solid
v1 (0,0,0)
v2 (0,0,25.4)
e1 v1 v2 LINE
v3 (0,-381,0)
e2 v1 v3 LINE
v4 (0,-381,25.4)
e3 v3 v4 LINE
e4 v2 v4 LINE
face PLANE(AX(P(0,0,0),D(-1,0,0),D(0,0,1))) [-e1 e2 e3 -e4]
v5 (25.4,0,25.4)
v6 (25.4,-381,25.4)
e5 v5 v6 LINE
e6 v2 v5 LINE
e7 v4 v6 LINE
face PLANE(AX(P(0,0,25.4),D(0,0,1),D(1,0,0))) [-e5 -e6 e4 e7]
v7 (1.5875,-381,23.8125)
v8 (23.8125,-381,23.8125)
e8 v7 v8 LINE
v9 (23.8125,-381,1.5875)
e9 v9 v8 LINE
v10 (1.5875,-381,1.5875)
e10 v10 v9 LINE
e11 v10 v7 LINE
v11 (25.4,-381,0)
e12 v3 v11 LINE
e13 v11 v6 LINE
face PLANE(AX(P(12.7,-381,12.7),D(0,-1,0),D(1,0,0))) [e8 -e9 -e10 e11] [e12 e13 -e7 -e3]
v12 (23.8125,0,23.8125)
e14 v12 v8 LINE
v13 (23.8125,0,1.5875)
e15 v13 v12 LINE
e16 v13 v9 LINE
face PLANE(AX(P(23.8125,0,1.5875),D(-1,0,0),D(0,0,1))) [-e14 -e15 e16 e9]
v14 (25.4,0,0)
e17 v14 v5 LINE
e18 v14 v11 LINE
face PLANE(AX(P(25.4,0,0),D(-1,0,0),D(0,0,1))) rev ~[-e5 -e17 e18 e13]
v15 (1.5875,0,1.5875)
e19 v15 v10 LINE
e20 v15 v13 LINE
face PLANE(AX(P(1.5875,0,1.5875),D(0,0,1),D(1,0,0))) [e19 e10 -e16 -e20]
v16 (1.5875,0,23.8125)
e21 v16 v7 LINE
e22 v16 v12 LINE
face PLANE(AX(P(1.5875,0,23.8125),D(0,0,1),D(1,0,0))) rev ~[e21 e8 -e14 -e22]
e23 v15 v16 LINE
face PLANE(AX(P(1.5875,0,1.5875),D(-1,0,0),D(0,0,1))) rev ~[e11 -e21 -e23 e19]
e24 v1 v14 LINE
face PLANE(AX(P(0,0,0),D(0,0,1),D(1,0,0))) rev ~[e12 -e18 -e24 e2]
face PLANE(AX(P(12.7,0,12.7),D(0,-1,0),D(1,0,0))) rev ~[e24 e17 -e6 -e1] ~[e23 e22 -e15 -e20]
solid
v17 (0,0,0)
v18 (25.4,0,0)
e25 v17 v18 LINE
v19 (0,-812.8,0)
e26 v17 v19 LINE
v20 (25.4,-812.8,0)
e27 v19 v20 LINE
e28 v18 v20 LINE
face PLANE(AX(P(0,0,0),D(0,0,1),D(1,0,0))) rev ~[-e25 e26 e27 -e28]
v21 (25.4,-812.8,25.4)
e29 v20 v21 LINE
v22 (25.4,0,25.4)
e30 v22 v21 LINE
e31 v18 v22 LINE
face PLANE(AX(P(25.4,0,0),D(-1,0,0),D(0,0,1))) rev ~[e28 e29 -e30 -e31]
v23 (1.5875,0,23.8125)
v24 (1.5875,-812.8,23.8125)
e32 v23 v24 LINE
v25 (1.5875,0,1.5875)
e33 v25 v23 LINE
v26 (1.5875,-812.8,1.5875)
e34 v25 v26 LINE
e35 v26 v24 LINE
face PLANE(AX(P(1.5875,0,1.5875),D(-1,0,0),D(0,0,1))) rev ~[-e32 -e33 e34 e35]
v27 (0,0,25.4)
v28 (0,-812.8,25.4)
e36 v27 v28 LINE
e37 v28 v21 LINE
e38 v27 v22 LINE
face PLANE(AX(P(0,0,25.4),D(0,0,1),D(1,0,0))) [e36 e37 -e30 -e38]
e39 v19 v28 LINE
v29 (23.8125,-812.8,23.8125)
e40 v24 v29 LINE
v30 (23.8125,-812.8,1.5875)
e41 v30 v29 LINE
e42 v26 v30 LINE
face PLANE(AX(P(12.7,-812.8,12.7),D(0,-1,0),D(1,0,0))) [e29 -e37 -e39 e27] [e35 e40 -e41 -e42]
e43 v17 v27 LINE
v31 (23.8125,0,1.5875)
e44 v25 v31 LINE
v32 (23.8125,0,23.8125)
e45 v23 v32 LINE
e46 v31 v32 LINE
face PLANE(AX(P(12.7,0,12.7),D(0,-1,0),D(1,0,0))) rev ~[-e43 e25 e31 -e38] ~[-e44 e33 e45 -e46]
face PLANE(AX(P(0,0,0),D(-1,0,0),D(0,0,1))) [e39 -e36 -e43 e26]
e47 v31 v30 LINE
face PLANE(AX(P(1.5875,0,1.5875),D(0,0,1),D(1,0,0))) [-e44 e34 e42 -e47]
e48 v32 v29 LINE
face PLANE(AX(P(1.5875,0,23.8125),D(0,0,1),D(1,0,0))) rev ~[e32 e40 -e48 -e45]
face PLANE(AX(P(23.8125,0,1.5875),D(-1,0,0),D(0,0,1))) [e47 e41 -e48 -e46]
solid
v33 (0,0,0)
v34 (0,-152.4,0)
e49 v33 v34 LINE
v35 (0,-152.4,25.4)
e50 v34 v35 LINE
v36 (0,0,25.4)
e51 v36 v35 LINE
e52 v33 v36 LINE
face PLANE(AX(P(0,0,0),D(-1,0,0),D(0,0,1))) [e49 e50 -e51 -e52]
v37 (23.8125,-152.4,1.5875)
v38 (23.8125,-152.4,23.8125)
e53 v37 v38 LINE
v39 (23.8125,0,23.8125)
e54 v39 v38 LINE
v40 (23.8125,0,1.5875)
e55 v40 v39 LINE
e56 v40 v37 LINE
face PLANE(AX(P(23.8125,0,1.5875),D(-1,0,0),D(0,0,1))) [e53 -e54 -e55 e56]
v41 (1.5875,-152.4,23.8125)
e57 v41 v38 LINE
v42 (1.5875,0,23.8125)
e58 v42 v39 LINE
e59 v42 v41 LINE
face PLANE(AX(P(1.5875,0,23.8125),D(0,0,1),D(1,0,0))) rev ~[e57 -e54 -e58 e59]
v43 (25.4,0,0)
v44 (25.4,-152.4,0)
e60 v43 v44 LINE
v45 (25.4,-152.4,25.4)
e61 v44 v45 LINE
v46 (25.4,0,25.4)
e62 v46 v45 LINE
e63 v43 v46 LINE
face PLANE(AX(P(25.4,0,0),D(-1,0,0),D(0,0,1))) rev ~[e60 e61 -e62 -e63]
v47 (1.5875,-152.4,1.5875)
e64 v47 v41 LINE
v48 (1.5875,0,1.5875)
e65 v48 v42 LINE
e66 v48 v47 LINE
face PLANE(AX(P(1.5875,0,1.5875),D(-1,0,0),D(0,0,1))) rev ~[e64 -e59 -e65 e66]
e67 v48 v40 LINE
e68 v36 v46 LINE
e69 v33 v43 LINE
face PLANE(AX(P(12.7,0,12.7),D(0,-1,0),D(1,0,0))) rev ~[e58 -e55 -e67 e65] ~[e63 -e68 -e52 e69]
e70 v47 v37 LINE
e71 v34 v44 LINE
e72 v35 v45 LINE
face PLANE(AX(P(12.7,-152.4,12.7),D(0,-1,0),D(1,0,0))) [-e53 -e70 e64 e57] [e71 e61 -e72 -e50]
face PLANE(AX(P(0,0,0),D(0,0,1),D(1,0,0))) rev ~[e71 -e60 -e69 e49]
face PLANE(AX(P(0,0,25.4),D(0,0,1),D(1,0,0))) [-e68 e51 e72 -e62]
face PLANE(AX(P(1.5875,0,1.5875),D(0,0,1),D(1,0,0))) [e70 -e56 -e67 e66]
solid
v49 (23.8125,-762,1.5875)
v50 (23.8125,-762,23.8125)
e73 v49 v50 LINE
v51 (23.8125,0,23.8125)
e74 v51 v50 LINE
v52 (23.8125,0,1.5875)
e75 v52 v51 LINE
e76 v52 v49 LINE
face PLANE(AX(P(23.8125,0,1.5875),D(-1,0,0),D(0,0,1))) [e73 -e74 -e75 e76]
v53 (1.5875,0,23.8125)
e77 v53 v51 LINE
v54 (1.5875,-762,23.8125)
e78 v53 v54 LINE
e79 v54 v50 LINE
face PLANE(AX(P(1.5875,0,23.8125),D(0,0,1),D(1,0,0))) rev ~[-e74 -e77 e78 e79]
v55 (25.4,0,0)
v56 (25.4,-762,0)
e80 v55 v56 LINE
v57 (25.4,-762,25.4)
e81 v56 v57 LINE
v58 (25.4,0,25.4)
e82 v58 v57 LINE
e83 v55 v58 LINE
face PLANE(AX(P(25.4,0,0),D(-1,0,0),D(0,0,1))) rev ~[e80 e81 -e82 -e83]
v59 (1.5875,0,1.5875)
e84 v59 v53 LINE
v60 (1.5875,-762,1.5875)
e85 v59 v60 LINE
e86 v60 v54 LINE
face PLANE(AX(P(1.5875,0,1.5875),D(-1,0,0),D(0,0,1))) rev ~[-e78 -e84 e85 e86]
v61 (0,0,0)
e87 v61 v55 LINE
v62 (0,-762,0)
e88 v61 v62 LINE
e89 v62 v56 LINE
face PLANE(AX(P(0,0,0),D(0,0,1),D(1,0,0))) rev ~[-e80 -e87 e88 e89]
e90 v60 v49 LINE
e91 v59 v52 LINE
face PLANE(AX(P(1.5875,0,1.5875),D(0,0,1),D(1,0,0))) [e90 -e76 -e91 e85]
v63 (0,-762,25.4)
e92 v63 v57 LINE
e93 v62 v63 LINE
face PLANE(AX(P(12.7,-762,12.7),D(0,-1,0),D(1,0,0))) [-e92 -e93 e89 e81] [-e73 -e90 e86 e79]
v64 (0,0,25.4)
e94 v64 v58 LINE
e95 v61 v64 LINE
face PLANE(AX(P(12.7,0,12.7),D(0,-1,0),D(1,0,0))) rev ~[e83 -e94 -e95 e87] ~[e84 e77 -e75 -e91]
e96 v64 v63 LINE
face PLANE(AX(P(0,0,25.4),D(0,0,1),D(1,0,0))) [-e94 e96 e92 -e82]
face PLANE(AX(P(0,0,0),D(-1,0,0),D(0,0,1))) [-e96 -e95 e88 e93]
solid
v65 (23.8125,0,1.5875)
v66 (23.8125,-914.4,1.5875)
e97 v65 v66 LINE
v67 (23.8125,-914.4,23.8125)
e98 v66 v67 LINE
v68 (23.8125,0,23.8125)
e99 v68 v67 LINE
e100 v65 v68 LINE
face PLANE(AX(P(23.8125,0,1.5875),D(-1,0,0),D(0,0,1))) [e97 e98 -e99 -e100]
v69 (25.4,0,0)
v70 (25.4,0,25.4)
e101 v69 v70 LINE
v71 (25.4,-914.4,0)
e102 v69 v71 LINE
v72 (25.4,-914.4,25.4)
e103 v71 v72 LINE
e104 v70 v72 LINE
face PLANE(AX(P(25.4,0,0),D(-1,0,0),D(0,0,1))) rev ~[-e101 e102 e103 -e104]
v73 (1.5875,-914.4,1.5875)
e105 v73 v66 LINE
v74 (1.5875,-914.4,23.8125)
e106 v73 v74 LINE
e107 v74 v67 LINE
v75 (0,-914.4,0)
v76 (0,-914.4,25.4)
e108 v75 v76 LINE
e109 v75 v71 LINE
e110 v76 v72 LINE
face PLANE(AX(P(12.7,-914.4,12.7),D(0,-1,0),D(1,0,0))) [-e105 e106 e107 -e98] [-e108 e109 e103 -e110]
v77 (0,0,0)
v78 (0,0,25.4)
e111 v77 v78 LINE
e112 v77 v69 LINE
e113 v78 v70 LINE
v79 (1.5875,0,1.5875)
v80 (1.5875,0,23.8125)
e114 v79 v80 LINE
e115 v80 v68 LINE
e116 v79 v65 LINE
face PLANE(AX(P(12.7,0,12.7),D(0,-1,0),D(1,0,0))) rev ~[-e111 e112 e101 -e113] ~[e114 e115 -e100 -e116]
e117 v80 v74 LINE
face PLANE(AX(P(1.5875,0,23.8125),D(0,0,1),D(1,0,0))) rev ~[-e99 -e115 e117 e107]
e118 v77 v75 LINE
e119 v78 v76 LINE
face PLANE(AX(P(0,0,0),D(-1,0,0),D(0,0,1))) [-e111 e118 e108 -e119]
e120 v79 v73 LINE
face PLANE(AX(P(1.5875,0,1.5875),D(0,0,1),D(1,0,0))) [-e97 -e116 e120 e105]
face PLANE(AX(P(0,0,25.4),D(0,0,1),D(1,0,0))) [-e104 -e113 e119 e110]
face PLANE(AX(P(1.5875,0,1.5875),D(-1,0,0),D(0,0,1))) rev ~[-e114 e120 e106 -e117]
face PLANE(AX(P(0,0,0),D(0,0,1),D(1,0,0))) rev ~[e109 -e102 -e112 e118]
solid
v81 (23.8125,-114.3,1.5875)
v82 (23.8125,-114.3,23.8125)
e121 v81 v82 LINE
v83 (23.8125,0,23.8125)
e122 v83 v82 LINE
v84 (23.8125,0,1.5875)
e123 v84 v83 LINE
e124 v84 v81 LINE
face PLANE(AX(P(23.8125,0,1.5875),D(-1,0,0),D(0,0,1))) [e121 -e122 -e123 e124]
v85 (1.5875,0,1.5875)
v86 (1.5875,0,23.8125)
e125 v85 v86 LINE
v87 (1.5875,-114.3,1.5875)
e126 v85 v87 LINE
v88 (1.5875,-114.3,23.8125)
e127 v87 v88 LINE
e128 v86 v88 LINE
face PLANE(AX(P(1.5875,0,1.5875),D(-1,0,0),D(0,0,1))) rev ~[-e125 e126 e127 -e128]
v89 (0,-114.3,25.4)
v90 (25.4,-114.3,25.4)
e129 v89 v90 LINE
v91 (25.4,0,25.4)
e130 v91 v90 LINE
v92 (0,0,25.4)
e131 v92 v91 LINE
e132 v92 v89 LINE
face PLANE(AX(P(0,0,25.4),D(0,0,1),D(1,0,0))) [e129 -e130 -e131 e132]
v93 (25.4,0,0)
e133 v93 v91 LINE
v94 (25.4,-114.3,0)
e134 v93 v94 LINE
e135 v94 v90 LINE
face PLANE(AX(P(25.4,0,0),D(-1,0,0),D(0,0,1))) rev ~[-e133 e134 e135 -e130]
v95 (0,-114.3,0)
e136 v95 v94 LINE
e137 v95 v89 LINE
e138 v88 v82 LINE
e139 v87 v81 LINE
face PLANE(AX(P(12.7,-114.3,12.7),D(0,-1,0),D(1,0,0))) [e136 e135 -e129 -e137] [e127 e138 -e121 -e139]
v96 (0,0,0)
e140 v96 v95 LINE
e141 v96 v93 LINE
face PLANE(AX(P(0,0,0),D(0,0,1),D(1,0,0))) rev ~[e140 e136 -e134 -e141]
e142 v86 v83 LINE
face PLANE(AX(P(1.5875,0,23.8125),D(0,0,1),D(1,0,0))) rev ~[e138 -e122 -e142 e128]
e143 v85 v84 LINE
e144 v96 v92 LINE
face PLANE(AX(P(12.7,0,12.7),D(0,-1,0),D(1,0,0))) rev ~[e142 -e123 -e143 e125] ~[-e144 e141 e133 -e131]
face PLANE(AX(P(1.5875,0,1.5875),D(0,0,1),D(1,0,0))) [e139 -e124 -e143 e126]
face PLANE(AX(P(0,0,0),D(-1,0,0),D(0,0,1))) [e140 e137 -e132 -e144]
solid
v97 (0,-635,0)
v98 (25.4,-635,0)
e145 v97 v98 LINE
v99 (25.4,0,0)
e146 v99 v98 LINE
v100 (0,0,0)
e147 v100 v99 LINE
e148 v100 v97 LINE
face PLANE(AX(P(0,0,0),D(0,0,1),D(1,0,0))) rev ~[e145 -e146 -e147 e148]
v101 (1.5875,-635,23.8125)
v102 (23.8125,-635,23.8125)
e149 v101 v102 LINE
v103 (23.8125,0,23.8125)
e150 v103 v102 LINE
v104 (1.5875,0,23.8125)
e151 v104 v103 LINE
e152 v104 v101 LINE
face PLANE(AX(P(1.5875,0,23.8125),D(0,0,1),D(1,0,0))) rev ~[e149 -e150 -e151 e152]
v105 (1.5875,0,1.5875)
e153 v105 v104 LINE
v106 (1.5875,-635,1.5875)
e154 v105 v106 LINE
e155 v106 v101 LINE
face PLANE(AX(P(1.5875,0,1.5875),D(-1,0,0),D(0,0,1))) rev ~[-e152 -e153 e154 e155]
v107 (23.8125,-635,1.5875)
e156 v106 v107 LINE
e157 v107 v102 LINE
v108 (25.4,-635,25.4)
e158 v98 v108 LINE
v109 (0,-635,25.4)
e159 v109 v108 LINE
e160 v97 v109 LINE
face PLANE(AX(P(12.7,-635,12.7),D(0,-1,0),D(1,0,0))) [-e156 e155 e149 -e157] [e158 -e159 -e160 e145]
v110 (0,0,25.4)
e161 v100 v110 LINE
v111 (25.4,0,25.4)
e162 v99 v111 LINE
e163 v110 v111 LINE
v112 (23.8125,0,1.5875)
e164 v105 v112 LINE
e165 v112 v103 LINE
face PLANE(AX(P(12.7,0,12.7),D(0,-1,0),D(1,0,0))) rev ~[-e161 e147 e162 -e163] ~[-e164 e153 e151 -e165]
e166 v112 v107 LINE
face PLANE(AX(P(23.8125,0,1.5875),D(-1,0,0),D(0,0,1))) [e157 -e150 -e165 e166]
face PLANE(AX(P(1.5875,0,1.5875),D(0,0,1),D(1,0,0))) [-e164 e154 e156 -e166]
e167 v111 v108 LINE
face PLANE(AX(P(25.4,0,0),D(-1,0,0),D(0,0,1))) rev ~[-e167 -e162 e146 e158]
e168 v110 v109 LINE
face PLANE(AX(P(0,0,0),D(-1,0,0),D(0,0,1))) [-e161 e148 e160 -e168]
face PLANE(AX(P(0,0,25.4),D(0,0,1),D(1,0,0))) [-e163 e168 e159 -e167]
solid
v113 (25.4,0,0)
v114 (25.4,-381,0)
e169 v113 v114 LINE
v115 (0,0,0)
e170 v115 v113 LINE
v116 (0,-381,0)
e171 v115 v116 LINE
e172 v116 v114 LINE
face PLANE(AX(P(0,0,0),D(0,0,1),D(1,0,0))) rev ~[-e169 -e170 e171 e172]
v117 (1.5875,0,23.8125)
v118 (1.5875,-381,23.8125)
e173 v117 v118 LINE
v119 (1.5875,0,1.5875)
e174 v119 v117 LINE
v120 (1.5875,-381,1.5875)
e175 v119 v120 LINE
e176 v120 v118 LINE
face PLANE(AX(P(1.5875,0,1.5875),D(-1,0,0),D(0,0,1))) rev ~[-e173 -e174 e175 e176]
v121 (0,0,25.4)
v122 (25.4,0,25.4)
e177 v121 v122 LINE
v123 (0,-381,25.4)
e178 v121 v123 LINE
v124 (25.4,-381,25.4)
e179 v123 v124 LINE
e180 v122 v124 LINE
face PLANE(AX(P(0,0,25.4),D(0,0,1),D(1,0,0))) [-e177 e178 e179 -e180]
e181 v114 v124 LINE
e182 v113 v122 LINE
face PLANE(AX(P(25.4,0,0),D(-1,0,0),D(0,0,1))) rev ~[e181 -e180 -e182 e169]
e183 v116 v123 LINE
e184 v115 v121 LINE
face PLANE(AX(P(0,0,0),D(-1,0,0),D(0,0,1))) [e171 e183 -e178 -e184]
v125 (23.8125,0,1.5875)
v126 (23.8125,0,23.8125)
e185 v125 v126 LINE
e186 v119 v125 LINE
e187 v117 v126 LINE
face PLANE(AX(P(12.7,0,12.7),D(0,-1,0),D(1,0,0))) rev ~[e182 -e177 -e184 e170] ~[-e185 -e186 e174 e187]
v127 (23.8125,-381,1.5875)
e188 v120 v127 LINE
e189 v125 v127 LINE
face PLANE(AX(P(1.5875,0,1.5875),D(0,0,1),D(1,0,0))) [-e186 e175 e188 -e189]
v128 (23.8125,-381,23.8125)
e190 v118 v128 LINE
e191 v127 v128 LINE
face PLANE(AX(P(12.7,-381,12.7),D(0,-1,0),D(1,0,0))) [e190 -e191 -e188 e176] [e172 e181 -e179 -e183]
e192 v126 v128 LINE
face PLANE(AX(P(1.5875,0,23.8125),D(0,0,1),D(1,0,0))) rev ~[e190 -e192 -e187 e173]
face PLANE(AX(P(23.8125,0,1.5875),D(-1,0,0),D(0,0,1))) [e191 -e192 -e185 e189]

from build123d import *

# Parameters (mm, degrees)
F0_W     = 25.4
F0_H     = 25.4
F0_W_2   = 22.225
F0_H_2   = 22.225
F1_DEPTH = 914.4
F2_DEPTH = 152.4
F3_DEPTH = 381
F4_DEPTH = 381
F5_DEPTH = 635
F6_DEPTH = 812.8
F7_DEPTH = 114.3
F8_DEPTH = 762


with BuildPart() as f1:
    # F0 (on Front) → F1 (new body)
    with BuildSketch(Plane.XZ):
        with Locations((12.7, 12.7)):
            Rectangle(F0_W, F0_H)
        with Locations((12.7, 12.7)):
            Rectangle(F0_W_2, F0_H_2, mode=Mode.SUBTRACT)
    extrude(amount=F1_DEPTH)


with BuildPart() as f2:
    # F0 (on Front) → F2 (new body)
    with BuildSketch(Plane.XZ):
        with Locations((12.7, 12.7)):
            Rectangle(F0_W, F0_H)
        with Locations((12.7, 12.7)):
            Rectangle(F0_W_2, F0_H_2, mode=Mode.SUBTRACT)
    extrude(amount=F2_DEPTH)


with BuildPart() as f3:
    # F0 (on Front) → F3 (new body)
    with BuildSketch(Plane.XZ):
        with Locations((12.7, 12.7)):
            Rectangle(F0_W, F0_H)
        with Locations((12.7, 12.7)):
            Rectangle(F0_W_2, F0_H_2, mode=Mode.SUBTRACT)
    extrude(amount=F3_DEPTH)


with BuildPart() as f4:
    # F0 (on Front) → F4 (new body)
    with BuildSketch(Plane.XZ):
        with Locations((12.7, 12.7)):
            Rectangle(F0_W, F0_H)
        with Locations((12.7, 12.7)):
            Rectangle(F0_W_2, F0_H_2, mode=Mode.SUBTRACT)
    extrude(amount=F4_DEPTH)


with BuildPart() as f5:
    # F0 (on Front) → F5 (new body)
    with BuildSketch(Plane.XZ):
        with Locations((12.7, 12.7)):
            Rectangle(F0_W, F0_H)
        with Locations((12.7, 12.7)):
            Rectangle(F0_W_2, F0_H_2, mode=Mode.SUBTRACT)
    extrude(amount=F5_DEPTH)


with BuildPart() as f6:
    # F0 (on Front) → F6 (new body)
    with BuildSketch(Plane.XZ):
        with Locations((12.7, 12.7)):
            Rectangle(F0_W, F0_H)
        with Locations((12.7, 12.7)):
            Rectangle(F0_W_2, F0_H_2, mode=Mode.SUBTRACT)
    extrude(amount=F6_DEPTH)


with BuildPart() as f7:
    # F0 (on Front) → F7 (new body)
    with BuildSketch(Plane.XZ):
        with Locations((12.7, 12.7)):
            Rectangle(F0_W, F0_H)
        with Locations((12.7, 12.7)):
            Rectangle(F0_W_2, F0_H_2, mode=Mode.SUBTRACT)
    extrude(amount=F7_DEPTH)


with BuildPart() as f8:
    # F0 (on Front) → F8 (new body)
    with BuildSketch(Plane.XZ):
        with Locations((12.7, 12.7)):
            Rectangle(F0_W, F0_H)
        with Locations((12.7, 12.7)):
            Rectangle(F0_W_2, F0_H_2, mode=Mode.SUBTRACT)
    extrude(amount=F8_DEPTH)


solid = Compound([f1.part, f2.part, f3.part, f4.part, f5.part, f6.part, f7.part, f8.part])
